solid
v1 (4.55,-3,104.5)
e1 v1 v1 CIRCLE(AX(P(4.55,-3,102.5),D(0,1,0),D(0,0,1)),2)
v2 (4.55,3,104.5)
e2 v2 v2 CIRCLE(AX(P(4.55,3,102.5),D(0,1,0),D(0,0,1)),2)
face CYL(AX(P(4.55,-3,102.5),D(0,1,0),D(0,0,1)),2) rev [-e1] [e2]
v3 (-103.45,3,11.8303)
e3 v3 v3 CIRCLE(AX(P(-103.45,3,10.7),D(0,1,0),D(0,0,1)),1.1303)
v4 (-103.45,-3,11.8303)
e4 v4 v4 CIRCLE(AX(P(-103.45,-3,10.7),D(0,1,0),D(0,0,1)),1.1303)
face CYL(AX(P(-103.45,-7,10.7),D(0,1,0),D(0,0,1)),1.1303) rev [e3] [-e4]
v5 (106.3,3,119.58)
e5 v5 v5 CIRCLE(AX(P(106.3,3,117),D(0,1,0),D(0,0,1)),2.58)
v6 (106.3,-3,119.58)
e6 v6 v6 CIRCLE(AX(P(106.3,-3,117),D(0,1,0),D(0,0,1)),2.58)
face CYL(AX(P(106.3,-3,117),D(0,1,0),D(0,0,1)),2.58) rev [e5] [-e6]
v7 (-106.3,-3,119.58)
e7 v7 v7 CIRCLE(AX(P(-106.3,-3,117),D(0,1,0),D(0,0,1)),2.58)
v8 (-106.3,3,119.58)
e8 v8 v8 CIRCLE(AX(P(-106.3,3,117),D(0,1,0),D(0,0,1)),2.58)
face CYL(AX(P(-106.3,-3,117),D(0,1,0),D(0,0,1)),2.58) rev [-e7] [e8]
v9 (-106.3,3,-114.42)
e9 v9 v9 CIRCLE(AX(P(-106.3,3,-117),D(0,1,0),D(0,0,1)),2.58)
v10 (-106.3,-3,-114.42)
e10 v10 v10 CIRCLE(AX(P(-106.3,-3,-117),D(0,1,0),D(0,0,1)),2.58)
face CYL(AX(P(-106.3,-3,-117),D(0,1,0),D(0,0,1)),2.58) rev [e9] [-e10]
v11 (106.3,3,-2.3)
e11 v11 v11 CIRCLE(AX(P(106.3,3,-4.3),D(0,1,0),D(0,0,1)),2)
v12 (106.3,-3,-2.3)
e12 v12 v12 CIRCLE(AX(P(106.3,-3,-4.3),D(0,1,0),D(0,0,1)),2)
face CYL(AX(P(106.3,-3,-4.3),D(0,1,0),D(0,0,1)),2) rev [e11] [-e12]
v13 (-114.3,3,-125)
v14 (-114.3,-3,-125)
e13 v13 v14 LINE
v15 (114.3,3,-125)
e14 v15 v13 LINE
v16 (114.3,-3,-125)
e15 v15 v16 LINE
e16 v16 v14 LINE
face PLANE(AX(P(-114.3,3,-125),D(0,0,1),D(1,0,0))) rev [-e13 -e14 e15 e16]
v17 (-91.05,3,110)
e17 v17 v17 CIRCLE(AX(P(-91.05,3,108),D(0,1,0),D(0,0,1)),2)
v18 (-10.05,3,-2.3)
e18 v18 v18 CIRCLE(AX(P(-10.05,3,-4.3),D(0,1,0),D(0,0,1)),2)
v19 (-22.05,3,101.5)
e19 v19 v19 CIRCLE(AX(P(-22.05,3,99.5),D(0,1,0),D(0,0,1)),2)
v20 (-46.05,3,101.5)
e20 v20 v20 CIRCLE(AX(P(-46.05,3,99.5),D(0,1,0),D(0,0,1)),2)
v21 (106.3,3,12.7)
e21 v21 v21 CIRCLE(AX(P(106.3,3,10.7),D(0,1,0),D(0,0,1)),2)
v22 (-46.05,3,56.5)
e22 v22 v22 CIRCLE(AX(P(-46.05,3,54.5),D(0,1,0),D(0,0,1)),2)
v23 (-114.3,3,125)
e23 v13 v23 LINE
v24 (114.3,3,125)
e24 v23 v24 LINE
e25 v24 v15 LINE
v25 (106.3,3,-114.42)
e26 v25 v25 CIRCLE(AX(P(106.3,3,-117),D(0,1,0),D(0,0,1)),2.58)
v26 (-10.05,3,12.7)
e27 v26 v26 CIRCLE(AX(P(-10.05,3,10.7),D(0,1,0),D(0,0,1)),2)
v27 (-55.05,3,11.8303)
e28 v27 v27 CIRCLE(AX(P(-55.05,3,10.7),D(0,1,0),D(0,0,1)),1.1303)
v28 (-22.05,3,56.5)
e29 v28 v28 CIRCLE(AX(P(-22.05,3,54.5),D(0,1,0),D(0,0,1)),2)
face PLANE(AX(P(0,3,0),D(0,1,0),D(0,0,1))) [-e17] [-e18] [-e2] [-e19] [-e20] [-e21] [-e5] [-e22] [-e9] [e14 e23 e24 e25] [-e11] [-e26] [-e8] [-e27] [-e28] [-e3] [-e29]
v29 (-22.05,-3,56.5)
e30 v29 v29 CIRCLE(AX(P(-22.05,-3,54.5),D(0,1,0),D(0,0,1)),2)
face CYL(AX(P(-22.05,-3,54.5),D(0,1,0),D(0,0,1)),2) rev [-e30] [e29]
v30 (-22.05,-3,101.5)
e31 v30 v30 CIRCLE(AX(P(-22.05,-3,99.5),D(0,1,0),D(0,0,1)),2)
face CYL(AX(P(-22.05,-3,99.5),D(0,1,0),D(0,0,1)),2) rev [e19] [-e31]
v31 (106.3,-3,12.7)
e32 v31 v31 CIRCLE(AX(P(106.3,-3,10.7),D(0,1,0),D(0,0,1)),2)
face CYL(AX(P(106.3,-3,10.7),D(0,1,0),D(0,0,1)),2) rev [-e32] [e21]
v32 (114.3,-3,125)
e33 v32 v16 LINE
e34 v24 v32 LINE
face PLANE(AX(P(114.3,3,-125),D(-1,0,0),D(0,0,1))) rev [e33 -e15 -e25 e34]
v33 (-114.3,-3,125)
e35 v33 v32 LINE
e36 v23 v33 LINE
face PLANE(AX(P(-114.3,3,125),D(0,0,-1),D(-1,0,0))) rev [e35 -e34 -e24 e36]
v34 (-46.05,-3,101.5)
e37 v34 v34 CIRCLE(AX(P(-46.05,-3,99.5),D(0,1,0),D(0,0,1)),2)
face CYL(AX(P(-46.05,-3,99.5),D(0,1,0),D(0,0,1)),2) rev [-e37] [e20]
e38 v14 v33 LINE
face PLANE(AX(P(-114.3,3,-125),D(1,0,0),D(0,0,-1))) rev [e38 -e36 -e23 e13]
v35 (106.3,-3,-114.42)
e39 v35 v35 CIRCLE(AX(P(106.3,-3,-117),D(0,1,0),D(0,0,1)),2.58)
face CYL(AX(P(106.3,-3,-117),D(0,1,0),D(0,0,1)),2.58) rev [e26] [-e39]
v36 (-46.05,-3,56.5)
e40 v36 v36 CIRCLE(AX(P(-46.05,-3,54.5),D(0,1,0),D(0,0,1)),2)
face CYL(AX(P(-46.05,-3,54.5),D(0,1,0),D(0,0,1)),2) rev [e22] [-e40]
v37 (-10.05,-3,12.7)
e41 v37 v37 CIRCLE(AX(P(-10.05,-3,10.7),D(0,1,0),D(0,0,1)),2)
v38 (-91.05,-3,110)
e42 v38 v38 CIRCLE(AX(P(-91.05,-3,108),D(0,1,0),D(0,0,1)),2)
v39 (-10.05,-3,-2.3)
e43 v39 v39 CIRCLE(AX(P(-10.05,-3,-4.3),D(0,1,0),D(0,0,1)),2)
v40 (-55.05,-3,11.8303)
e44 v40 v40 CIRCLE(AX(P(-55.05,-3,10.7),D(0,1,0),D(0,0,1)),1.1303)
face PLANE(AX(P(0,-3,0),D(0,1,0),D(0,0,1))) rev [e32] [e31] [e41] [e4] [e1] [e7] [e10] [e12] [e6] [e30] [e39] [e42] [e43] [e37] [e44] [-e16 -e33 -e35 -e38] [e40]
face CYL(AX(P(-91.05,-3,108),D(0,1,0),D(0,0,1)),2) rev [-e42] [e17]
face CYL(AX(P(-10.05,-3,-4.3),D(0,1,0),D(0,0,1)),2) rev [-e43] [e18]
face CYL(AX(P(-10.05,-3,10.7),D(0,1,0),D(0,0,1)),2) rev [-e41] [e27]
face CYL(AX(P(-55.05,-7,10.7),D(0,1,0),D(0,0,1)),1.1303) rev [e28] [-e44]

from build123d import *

# Parameters (mm, degrees)
SKETCH1_W                      = 228.6
SKETCH1_H                      = 250
PLATE_DEPTH                    = 3
SKETCH2_R                      = 2
MUX_BRACKET_HOLES_DEPTH        = 6
MUX_BRACKET_PATTERN_COUNT      = 2
MUX_BRACKET_PATTERN_PITCH      = 116.35
SKETCH3_R                      = 2
PUMP_STAND_HOLE_DEPTH          = 170.48595812
PUMP_STAND_PATTERN_COUNT       = 2
PUMP_STAND_PATTERN_PITCH       = 24
PUMP_STAND_PATTERN_COUNT_DIR2  = 2
PUMP_STAND_PATTERN_PITCH_DIR2  = 45
SKETCH4_R                      = 2
PUMP_INPUT_STAND_HOLE_DEPTH    = 170.48595812
SKETCH5_R                      = 2
CROSS_FITTING_STAND_HOLE_DEPTH = 170.48595812
SKETCH6_R                      = 2.58
STANDOFF_HOLES_DEPTH           = 170.48595812
SKETCH7_R                      = 1.1303
ARDUINO_HOLES_DEPTH            = 10


with BuildPart() as part:
    # Sketch1 → PLATE (new, symmetric)
    with BuildSketch(Plane(origin=(0, 0, 0), x_dir=(1, 0, 0), z_dir=(0, 1, 0))):
        Rectangle(SKETCH1_W, SKETCH1_H)
    extrude(amount=PLATE_DEPTH, both=True)

    # Sketch2 → MUX_BRACKET_HOLES (cut)
    with BuildSketch(Plane(origin=(0, 3, 0), x_dir=(1, 0, 0), z_dir=(0, 1, 0))):
        with Locations(Location((106.3, -10.7, 0), (0, 0, 270))):
            Circle(SKETCH2_R)
        with Locations(Location((106.3, 4.3, 0), (0, 0, 270))):
            Circle(SKETCH2_R)
    mux_bracket_holes = extrude(amount=-MUX_BRACKET_HOLES_DEPTH, mode=Mode.SUBTRACT)

    # MUX_BRACKET_PATTERN: MUX_BRACKET_HOLES ×2
    with Locations(*[(-i * MUX_BRACKET_PATTERN_PITCH, 0, 0) for i in range(1, MUX_BRACKET_PATTERN_COUNT)]):
        add(mux_bracket_holes, mode=Mode.SUBTRACT)

    # Sketch3 → PUMP_STAND_HOLE (cut, through all)
    with BuildSketch(Plane(origin=(0, 3, 0), x_dir=(1, 0, 0), z_dir=(0, 1, 0))):
        with Locations(Location((-22.05, -54.5, 0), (0, 0, 270))):
            Circle(SKETCH3_R)
    pump_stand_hole = extrude(amount=-PUMP_STAND_HOLE_DEPTH, mode=Mode.SUBTRACT)

    # PUMP_STAND_PATTERN: PUMP_STAND_HOLE 2 × 2
    with Locations(*[(-i * PUMP_STAND_PATTERN_PITCH, 0, j * PUMP_STAND_PATTERN_PITCH_DIR2) for i in range(PUMP_STAND_PATTERN_COUNT) for j in range(PUMP_STAND_PATTERN_COUNT_DIR2) if (i, j) != (0, 0)]):
        add(pump_stand_hole, mode=Mode.SUBTRACT)

    # Sketch4 → PUMP_INPUT_STAND_HOLE (cut, through all)
    with BuildSketch(Plane(origin=(0, 3, 0), x_dir=(1, 0, 0), z_dir=(0, 1, 0))):
        with Locations(Location((4.55, -102.5, 0), (0, 0, 270))):
            Circle(SKETCH4_R)
    extrude(amount=-PUMP_INPUT_STAND_HOLE_DEPTH, mode=Mode.SUBTRACT)

    # Sketch5 → CROSS_FITTING_STAND_HOLE (cut, through all)
    with BuildSketch(Plane(origin=(0, 3, 0), x_dir=(1, 0, 0), z_dir=(0, 1, 0))):
        with Locations(Location((-91.05, -108, 0), (0, 0, 270))):
            Circle(SKETCH5_R)
    extrude(amount=-CROSS_FITTING_STAND_HOLE_DEPTH, mode=Mode.SUBTRACT)

    # Sketch6 → STANDOFF_HOLES (cut, through all)
    with BuildSketch(Plane(origin=(0, 3, 0), x_dir=(1, 0, 0), z_dir=(0, 1, 0))):
        with Locations(Location((-106.3, -117, 0), (0, 0, 270))):
            Circle(SKETCH6_R)
        with Locations(Location((106.3, -117, 0), (0, 0, 270))):
            Circle(SKETCH6_R)
        with Locations(Location((106.3, 117, 0), (0, 0, 270))):
            Circle(SKETCH6_R)
        with Locations(Location((-106.3, 117, 0), (0, 0, 270))):
            Circle(SKETCH6_R)
    extrude(amount=-STANDOFF_HOLES_DEPTH, mode=Mode.SUBTRACT)

    # Sketch7 → ARDUINO_HOLES (cut)
    with BuildSketch(Plane(origin=(0, 3, 0), x_dir=(1, 0, 0), z_dir=(0, 1, 0))):
        with Locations(Location((-103.45, -10.7, 0), (0, 0, 270))):
            Circle(SKETCH7_R)
        with Locations(Location((-55.05, -10.7, 0), (0, 0, 270))):
            Circle(SKETCH7_R)
    extrude(amount=-ARDUINO_HOLES_DEPTH, mode=Mode.SUBTRACT)


solid = part.part
